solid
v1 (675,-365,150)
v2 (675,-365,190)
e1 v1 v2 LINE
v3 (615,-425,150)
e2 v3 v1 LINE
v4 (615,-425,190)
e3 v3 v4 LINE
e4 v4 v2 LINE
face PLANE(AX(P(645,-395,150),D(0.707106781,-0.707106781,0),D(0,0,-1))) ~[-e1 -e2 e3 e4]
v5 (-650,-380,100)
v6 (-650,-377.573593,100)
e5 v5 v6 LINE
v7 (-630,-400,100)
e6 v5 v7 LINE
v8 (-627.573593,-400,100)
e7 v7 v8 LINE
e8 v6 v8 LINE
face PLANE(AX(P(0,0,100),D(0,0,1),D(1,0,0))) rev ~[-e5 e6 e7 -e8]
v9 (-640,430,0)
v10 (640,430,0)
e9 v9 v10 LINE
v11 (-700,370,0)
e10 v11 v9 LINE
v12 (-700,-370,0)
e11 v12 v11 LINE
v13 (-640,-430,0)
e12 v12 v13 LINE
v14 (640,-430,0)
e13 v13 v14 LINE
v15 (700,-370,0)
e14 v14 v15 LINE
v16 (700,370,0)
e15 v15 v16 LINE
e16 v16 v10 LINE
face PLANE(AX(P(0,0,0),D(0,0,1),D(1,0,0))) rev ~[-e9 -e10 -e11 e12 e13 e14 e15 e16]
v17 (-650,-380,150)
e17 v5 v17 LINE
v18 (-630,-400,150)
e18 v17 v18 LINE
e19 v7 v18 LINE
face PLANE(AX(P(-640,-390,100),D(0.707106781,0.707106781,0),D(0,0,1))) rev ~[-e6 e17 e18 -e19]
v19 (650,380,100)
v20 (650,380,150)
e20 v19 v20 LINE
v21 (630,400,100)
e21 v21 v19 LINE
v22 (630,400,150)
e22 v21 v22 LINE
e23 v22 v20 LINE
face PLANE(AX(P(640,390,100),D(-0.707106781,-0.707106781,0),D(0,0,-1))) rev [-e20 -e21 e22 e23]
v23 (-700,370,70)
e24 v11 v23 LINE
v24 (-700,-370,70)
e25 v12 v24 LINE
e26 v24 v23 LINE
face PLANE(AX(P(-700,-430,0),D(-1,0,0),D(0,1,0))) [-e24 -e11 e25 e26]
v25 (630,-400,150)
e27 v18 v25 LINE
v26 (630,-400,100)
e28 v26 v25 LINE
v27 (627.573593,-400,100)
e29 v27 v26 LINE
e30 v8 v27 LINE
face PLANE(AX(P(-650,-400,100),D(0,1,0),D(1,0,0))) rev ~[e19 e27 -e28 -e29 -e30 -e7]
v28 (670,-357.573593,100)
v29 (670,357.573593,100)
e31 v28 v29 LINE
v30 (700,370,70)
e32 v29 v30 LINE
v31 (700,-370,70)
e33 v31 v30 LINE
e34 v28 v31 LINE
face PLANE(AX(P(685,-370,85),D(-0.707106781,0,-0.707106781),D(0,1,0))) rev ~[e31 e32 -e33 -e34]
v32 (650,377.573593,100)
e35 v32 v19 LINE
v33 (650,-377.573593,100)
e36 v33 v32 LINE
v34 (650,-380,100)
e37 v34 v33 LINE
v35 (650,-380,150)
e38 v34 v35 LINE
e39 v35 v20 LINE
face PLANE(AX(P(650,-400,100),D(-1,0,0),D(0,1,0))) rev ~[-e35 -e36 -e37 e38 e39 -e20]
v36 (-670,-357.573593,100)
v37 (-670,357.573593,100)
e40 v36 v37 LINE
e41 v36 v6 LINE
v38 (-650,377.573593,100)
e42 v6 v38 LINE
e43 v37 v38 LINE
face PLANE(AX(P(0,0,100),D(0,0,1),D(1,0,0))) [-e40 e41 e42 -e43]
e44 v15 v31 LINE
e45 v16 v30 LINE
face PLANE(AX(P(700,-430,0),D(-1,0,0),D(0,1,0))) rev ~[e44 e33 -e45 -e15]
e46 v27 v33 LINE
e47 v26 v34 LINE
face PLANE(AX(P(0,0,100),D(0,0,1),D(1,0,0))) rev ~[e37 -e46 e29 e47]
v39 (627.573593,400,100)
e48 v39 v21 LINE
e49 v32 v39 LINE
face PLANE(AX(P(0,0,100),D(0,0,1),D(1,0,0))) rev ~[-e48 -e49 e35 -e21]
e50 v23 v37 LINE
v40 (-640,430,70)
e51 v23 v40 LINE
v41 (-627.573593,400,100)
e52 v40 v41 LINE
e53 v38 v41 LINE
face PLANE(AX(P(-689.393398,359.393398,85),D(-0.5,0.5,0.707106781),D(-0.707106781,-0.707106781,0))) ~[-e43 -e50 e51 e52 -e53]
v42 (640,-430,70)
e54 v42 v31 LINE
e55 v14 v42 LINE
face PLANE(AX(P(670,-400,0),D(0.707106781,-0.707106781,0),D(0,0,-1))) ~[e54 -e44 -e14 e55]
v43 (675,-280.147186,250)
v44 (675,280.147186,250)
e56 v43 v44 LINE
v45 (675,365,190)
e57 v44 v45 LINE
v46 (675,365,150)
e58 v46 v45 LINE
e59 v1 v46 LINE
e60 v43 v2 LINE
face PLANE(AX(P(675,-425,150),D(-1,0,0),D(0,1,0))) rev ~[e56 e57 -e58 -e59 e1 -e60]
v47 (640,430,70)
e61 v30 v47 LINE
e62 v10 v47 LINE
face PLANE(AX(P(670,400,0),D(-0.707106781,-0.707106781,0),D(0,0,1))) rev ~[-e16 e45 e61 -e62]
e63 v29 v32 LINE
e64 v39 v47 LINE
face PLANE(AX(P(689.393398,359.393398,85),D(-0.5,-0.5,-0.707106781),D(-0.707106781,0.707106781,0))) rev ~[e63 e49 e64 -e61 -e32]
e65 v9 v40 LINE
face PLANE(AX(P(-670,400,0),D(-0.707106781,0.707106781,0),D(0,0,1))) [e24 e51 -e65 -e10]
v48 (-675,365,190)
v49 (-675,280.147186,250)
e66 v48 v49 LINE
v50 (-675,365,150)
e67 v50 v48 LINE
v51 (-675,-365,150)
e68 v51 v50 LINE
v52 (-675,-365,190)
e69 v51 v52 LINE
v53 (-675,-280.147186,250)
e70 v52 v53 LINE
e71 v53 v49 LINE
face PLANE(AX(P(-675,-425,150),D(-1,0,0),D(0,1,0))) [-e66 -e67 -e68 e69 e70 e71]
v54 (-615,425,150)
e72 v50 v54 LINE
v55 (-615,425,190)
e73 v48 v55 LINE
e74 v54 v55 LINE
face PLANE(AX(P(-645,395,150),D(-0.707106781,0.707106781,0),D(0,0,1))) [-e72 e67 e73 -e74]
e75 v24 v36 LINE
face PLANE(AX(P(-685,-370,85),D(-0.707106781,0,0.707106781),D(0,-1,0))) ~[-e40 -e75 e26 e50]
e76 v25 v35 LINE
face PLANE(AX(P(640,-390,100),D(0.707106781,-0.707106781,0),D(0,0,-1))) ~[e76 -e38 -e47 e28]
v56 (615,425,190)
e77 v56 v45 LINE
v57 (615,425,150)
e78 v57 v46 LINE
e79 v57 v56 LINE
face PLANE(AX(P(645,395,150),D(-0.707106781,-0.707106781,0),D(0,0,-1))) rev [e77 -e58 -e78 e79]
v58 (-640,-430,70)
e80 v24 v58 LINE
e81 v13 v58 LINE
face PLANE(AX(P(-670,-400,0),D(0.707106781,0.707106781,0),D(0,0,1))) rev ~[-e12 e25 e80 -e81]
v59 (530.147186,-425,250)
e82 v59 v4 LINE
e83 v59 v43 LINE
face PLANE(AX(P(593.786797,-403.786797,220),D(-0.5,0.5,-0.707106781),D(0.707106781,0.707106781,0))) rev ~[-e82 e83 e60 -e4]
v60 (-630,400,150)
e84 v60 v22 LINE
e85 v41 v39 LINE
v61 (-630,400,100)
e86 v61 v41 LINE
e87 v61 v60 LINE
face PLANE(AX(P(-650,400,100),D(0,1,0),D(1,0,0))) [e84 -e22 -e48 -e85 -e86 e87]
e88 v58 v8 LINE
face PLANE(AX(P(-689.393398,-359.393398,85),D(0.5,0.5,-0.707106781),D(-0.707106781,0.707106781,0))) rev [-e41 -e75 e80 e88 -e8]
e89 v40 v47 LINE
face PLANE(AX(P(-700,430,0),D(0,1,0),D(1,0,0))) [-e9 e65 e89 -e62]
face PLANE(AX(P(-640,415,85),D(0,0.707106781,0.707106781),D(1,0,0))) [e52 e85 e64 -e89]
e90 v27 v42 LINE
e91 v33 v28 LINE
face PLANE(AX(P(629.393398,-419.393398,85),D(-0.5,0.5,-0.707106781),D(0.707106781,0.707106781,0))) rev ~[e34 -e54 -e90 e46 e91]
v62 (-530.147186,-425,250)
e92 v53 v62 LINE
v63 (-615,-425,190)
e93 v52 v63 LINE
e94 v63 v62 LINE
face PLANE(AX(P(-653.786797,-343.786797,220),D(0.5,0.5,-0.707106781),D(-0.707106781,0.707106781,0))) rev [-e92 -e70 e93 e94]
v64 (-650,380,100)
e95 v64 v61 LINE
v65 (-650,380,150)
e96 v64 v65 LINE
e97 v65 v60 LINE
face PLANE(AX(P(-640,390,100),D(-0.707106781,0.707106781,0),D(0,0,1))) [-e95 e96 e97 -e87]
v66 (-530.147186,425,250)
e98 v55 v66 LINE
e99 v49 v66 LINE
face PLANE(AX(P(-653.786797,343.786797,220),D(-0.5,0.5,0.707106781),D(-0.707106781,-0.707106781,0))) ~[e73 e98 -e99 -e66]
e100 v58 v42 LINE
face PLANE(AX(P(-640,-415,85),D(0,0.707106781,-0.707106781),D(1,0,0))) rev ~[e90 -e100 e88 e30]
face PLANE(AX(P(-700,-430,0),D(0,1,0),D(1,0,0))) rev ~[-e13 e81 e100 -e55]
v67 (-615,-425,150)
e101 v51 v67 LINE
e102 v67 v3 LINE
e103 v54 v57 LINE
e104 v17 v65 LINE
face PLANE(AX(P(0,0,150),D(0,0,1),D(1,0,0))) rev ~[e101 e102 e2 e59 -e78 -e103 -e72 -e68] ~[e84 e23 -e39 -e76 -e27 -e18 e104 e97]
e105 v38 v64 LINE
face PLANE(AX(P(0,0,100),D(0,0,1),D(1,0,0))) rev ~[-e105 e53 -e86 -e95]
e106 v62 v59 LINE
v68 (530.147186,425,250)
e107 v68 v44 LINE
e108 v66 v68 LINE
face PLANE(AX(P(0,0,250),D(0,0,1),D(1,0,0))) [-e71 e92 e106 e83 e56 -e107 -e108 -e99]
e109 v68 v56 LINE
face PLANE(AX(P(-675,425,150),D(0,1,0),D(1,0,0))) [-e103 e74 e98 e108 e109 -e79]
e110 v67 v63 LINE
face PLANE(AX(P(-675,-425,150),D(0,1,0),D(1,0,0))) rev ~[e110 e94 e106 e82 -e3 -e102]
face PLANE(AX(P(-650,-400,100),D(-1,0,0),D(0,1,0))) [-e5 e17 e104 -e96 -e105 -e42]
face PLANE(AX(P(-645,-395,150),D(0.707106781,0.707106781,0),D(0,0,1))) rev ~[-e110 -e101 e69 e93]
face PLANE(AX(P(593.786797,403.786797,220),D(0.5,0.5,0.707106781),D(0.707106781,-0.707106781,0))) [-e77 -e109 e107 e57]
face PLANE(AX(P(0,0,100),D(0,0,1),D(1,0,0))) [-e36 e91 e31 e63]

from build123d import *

# Parameters (mm, degrees)
SKETCH_W        = 1400
SKETCH_H        = 860
PAD_DEPTH       = 100
CHAMFER_SIZE    = 60
CHAMFER001_SIZE = 30
SKETCH001_W     = 1300
SKETCH001_H     = 800
PAD001_DEPTH    = 50
CHAMFER002_SIZE = 20
SKETCH002_W     = 1350
SKETCH002_H     = 850
PAD002_DEPTH    = 100
CHAMFER003_SIZE = 60
CHAMFER004_SIZE = 60


with BuildPart() as part:
    # Sketch → Pad (new body)
    with BuildSketch(Plane.XY):
        Rectangle(SKETCH_W, SKETCH_H)
    extrude(amount=PAD_DEPTH)

    # Chamfer
    chamfer_edges = [part.edges().sort_by_distance(p)[0] for p in [
        (-700, 430, 50),
        (700, 430, 50),
        (-700, -430, 50),
        (700, -430, 50),
    ]]
    chamfer(chamfer_edges, length=CHAMFER_SIZE)

    # Chamfer001
    chamfer001_edges = [part.edges().sort_by_distance(p)[0] for p in [
        (-700, 0, 100),
        (-670, 400, 100),
        (0, 430, 100),
        (-670, -400, 100),
        (0, -430, 100),
        (670, -400, 100),
        (700, 0, 100),
        (670, 400, 100),
    ]]
    chamfer(chamfer001_edges, length=CHAMFER001_SIZE)

    # Sketch001 (on Face8 of Chamfer001) → Pad001 (join)
    with BuildSketch(Plane.XY.offset(100)):
        Rectangle(SKETCH001_W, SKETCH001_H)
    extrude(amount=PAD001_DEPTH)

    # Chamfer002
    chamfer002_edges = [part.edges().sort_by_distance(p)[0] for p in [
        (650, 400, 125),
        (650, -400, 125),
        (-650, 400, 125),
        (-650, -400, 125),
    ]]
    chamfer(chamfer002_edges, length=CHAMFER002_SIZE)

    # Sketch002 (on Face5 of Chamfer002) → Pad002 (join)
    with BuildSketch(Plane.XY.offset(150)):
        Rectangle(SKETCH002_W, SKETCH002_H)
    extrude(amount=PAD002_DEPTH)

    # Chamfer003
    chamfer003_edges = [part.edges().sort_by_distance(p)[0] for p in [
        (675, 425, 200),
        (-675, 425, 200),
        (-675, -425, 200),
        (675, -425, 200),
    ]]
    chamfer(chamfer003_edges, length=CHAMFER003_SIZE)

    # Chamfer004
    chamfer004_edges = [part.edges().sort_by_distance(p)[0] for p in [
        (645, 395, 250),
        (645, -395, 250),
        (-645, -395, 250),
        (-645, 395, 250),
    ]]
    chamfer(chamfer004_edges, length=CHAMFER004_SIZE)


solid = part.part
